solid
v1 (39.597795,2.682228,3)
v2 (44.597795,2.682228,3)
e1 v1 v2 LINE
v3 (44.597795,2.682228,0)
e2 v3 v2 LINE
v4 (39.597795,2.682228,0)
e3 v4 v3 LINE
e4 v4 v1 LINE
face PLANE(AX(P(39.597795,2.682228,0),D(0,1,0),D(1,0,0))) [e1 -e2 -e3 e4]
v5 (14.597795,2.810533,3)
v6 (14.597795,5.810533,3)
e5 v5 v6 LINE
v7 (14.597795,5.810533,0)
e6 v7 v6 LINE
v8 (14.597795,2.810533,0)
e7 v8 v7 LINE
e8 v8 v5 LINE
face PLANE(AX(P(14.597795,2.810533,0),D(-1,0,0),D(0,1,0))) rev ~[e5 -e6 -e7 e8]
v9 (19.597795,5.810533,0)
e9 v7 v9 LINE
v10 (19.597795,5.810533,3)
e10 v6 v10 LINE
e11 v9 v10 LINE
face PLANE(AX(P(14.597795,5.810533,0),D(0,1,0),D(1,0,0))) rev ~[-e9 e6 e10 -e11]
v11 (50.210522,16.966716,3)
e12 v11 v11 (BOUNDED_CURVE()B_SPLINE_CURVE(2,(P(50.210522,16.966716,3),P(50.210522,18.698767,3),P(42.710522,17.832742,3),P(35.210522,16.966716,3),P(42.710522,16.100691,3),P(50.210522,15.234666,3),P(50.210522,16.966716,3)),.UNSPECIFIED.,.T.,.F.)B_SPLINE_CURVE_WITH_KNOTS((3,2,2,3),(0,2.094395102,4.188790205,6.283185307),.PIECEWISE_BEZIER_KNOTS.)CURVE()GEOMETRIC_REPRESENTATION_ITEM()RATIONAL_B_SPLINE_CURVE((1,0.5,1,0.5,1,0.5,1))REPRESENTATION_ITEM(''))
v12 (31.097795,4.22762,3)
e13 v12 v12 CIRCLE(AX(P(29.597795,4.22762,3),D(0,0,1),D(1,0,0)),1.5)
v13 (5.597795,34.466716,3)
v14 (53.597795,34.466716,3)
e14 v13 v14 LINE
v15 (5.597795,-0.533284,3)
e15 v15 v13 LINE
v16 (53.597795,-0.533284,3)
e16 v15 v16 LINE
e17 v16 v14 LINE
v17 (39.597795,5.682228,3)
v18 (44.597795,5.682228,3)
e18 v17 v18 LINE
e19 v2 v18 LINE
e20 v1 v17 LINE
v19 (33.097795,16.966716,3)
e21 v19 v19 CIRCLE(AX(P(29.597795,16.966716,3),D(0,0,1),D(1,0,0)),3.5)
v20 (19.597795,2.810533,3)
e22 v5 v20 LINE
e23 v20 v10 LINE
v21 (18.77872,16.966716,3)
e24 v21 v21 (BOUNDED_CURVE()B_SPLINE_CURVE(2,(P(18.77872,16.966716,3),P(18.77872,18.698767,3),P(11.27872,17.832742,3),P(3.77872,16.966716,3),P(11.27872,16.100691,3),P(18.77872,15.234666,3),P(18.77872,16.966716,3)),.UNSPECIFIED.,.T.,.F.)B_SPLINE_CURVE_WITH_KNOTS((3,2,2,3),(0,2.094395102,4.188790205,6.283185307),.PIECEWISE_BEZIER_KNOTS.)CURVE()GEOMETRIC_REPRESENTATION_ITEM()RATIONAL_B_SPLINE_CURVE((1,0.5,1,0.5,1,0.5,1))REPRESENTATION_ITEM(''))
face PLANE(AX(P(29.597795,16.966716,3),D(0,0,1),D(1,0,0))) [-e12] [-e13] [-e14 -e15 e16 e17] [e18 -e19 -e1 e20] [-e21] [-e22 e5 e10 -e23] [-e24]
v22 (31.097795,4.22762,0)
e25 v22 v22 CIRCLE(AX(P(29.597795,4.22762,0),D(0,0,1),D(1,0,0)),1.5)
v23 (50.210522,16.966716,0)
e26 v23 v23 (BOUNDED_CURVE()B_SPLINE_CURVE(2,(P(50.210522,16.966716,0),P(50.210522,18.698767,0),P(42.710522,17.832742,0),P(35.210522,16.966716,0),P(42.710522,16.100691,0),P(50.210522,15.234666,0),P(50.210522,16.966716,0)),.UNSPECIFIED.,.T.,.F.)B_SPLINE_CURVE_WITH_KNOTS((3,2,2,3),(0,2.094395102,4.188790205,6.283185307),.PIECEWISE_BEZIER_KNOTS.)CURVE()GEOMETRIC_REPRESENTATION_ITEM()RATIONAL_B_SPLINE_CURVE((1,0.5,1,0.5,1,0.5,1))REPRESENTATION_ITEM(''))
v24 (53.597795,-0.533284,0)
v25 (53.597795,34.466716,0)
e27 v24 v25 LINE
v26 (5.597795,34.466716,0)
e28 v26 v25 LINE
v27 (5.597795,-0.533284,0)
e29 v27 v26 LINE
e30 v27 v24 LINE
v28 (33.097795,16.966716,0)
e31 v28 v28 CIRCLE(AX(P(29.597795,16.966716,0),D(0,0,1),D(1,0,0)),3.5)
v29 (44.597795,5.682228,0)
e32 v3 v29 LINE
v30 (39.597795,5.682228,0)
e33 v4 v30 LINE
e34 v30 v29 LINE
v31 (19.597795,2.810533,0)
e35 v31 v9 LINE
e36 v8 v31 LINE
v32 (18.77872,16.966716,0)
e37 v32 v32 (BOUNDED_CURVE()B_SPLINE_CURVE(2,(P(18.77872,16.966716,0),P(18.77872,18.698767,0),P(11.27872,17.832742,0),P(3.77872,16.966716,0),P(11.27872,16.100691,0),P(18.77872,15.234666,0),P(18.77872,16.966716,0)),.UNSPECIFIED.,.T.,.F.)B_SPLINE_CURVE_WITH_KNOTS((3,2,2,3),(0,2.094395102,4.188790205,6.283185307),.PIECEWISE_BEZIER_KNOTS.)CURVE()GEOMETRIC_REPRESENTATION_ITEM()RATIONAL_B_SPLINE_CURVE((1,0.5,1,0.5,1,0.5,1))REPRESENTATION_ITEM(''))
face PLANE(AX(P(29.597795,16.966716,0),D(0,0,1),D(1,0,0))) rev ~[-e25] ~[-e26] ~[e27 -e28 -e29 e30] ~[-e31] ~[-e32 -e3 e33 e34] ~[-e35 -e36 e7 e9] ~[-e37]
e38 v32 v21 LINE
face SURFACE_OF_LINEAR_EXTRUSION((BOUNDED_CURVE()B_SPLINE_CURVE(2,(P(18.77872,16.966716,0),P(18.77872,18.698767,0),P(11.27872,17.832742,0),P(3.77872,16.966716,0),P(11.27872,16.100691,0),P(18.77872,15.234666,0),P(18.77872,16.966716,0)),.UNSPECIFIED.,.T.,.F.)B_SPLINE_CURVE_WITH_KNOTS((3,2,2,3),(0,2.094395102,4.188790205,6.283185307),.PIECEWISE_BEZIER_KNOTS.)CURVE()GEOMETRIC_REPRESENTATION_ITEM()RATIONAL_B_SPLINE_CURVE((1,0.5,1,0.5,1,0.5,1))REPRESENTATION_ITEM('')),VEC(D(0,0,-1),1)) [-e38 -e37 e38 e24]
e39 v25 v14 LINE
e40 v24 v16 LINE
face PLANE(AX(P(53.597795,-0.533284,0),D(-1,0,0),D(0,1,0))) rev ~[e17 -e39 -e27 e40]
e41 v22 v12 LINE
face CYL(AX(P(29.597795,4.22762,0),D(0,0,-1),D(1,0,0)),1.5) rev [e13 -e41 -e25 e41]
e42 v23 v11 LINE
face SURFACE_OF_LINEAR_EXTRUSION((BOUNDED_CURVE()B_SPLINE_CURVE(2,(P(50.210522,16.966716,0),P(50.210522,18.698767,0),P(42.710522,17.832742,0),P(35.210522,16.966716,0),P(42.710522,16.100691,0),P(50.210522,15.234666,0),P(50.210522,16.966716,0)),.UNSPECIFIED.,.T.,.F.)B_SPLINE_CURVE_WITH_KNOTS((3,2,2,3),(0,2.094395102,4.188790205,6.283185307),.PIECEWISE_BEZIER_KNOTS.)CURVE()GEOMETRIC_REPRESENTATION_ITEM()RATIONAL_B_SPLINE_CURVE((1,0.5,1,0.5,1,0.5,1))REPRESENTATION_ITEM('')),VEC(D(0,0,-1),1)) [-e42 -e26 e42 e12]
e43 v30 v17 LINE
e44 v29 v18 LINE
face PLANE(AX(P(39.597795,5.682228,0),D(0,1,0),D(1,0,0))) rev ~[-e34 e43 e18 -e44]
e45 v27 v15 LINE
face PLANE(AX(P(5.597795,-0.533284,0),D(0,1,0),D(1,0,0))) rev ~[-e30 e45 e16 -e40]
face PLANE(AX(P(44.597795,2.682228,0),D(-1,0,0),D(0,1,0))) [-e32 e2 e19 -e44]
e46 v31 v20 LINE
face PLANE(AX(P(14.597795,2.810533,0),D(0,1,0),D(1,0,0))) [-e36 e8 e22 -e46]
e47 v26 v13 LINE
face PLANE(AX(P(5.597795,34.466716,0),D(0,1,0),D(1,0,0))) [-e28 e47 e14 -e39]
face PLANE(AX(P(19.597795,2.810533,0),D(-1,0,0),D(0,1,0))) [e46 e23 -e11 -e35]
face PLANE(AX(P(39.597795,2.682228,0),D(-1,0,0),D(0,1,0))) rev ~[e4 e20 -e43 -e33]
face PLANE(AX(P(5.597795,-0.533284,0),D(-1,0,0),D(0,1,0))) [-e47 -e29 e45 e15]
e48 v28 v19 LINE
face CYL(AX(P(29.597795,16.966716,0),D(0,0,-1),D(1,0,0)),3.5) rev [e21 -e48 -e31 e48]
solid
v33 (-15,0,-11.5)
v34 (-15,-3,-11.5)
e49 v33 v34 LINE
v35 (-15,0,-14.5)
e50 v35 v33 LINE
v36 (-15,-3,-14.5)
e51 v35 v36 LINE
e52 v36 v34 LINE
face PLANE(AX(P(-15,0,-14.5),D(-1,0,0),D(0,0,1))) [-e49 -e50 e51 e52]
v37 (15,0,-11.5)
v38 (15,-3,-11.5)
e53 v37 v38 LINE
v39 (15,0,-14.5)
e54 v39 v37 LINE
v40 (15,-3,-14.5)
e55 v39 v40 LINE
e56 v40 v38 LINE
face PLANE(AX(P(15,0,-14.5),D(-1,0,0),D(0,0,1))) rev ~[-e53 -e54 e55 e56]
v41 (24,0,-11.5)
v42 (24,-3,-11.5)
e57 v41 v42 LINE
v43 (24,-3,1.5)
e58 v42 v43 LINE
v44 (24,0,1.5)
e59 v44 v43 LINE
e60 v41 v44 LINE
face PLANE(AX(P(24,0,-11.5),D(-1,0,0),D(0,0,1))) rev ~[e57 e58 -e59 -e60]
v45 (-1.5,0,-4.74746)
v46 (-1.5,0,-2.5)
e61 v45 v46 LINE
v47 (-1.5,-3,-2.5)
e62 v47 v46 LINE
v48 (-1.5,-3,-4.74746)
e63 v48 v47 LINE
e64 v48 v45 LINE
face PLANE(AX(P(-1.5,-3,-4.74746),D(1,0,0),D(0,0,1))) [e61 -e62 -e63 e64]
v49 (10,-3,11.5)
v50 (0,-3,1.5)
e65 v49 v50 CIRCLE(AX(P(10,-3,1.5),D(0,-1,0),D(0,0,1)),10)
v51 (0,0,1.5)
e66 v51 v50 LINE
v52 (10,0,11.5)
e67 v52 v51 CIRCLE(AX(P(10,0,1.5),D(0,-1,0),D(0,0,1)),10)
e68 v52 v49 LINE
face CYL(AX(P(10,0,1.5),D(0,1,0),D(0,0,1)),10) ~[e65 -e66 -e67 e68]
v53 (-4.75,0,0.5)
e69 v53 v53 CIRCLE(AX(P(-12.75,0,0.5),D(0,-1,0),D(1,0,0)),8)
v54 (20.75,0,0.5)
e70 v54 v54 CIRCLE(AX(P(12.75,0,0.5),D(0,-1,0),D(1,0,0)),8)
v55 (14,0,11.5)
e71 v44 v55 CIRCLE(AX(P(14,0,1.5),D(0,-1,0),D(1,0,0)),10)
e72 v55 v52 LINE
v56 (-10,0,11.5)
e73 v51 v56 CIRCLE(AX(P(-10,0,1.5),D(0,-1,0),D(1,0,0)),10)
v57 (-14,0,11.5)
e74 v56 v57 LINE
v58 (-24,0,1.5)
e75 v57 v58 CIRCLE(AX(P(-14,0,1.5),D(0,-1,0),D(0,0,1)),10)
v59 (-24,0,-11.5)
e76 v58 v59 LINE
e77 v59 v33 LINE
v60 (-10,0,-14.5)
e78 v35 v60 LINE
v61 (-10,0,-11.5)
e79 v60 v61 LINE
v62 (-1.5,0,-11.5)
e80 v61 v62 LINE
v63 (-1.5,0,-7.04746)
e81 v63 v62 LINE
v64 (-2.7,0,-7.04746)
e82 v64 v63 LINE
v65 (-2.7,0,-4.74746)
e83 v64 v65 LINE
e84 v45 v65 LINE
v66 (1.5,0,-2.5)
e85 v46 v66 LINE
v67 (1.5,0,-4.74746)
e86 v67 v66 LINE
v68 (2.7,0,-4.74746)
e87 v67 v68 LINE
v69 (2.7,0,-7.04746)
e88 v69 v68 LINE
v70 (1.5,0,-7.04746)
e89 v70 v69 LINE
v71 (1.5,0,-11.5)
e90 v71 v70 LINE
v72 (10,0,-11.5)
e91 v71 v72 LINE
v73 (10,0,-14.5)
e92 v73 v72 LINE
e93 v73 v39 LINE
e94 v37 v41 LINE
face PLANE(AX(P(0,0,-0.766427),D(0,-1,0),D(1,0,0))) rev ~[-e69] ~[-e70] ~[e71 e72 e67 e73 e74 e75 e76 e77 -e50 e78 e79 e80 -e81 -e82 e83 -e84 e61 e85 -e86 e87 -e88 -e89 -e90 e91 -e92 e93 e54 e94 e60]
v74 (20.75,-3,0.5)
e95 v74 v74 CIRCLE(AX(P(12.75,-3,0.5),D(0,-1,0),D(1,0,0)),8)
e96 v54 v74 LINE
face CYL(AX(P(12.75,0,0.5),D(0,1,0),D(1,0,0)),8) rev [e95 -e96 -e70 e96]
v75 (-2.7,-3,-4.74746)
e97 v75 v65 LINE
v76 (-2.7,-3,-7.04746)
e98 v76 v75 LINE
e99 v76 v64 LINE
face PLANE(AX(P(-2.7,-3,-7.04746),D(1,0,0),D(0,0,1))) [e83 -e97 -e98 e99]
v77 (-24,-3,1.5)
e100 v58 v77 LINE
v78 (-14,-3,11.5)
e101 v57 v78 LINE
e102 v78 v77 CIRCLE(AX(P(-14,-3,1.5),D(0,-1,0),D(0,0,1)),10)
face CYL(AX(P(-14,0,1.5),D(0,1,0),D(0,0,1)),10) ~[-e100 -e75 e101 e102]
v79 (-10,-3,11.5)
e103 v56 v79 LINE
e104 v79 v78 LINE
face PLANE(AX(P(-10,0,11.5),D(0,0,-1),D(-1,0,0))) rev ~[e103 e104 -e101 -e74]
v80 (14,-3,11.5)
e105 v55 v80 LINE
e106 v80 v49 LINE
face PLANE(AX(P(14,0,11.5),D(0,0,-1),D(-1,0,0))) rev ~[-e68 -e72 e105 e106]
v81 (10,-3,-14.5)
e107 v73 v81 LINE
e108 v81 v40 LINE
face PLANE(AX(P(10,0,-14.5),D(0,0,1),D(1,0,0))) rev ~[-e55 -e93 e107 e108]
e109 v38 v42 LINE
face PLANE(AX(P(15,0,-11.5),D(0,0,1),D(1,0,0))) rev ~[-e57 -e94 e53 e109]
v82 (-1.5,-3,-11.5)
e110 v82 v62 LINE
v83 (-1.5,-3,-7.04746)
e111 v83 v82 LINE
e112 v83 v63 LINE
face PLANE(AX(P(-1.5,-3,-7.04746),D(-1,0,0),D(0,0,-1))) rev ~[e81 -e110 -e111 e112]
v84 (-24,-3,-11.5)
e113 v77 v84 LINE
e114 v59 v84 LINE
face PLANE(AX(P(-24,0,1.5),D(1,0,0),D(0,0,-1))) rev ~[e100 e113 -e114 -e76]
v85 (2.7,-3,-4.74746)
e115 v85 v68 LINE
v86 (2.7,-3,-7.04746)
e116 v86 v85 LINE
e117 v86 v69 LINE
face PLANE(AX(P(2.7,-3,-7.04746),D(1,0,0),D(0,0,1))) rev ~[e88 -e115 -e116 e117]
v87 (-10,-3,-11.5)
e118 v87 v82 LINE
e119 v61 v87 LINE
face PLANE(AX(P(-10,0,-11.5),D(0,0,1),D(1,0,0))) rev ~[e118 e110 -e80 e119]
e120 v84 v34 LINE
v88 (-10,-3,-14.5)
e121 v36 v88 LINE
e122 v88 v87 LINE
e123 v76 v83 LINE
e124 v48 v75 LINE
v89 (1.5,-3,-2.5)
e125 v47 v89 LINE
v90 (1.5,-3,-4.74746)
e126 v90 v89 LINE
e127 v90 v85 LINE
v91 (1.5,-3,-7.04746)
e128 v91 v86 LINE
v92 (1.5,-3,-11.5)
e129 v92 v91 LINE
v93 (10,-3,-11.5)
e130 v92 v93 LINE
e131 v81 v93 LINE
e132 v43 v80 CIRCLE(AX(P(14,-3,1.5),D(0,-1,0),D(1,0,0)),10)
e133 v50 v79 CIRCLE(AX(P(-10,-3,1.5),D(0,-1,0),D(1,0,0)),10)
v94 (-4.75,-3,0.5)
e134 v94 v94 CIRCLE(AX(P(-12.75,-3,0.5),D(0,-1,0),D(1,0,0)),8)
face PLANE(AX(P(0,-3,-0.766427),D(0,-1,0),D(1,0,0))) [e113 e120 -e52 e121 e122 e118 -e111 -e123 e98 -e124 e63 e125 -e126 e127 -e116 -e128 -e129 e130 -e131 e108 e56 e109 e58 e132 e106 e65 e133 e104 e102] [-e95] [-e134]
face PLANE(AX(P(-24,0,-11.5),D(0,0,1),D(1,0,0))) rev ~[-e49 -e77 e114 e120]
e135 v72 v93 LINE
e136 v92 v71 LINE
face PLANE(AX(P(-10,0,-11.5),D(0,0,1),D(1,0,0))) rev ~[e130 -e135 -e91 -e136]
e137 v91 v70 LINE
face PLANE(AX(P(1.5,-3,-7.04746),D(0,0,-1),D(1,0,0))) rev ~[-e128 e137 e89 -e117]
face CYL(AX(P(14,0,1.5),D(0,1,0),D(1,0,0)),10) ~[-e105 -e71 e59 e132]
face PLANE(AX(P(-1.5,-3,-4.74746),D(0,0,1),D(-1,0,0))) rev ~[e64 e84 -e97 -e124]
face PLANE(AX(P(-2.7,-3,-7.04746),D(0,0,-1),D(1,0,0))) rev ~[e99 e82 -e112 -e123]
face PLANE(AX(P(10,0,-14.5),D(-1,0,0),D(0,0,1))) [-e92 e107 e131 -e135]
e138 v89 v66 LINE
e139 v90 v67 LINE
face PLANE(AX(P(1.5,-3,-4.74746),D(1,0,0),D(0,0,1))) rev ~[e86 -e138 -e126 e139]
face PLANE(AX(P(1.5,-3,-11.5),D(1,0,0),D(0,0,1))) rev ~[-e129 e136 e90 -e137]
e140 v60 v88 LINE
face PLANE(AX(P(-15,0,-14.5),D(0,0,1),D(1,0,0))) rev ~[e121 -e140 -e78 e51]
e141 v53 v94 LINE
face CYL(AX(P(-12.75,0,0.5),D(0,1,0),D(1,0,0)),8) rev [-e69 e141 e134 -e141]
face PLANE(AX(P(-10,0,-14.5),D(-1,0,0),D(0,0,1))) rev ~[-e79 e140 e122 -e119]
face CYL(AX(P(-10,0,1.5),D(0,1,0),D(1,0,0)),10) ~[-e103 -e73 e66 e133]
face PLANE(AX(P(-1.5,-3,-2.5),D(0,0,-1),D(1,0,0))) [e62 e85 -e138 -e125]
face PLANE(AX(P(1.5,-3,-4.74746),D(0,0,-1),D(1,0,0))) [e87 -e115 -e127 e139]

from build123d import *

# Parameters (mm, degrees)
F1_W     = 48
F1_H     = 35
F1_W_2   = 5
F1_H_2   = 3
F1_R     = 1.5
F1_R_2   = 3.5
F2_DEPTH = 3
F0_R     = 8
F0_W     = 5
F0_H     = 3
F3_DEPTH = 3
F4_W     = 3
F4_H     = 4.4525395855
F4_H_2   = 2.3
F4_W_2   = 1.2
F4_H_3   = 2.2474604145
F5_DEPTH = 25


with BuildPart() as f2:
    # F1 (on Top) → F2 (new body)
    with BuildSketch(Plane.XY):
        with Locations((29.5977953598, 16.9667163237)):
            Rectangle(F1_W, F1_H)
        with Locations((17.0977953598, 4.3105331585)):
            Rectangle(F1_W_2, F1_H_2, mode=Mode.SUBTRACT)
        with Locations((29.5977953598, 4.2276201937)):
            Circle(F1_R, mode=Mode.SUBTRACT)
        with BuildLine():
            add(Edge.make_bspline(
                [(18.7787204309, 16.9667163237), (18.7787204309, 18.6987671312), (11.2787204309, 17.8327417275), (3.7787204309, 16.9667163237), (11.2787204309, 16.1006909199), (18.7787204309, 15.2346655161), (18.7787204309, 16.9667163237)],
                knots=[0, 0, 0, 2.0943951024, 2.0943951024, 4.1887902048, 4.1887902048, 6.2831853072, 6.2831853072, 6.2831853072], degree=2, weights=[1, 0.5, 1, 0.5, 1, 0.5, 1]))
        make_face(mode=Mode.SUBTRACT)
        with Locations((42.0977953598, 4.1822276413)):
            Rectangle(F1_W_2, F1_H_2, mode=Mode.SUBTRACT)
        with Locations((29.5977953598, 16.9667163237)):
            Circle(F1_R_2, mode=Mode.SUBTRACT)
        with BuildLine():
            add(Edge.make_bspline(
                [(50.2105216682, 16.9667163237), (50.2105216682, 18.6987671312), (42.7105216682, 17.8327417275), (35.2105216682, 16.9667163237), (42.7105216682, 16.1006909199), (50.2105216682, 15.2346655161), (50.2105216682, 16.9667163237)],
                knots=[0, 0, 0, 2.0943951024, 2.0943951024, 4.1887902048, 4.1887902048, 6.2831853072, 6.2831853072, 6.2831853072], degree=2, weights=[1, 0.5, 1, 0.5, 1, 0.5, 1]))
        make_face(mode=Mode.SUBTRACT)
    extrude(amount=F2_DEPTH)


with BuildPart() as f3:
    # F0 (on Front) → F3 (new body)
    with BuildSketch(Plane.XZ):
        with BuildLine():
            Line((-10, 11.5), (-14, 11.5))
            ThreePointArc((-14, 11.5), (-21.0710678119, 8.5710678119), (-24, 1.5))
            Line((-24, 1.5), (-24, -11.5))
            Line((-24, -11.5), (-15, -11.5))
            Line((-15, -11.5), (-10, -11.5))
            Line((-10, -11.5), (10, -11.5))
            Line((10, -11.5), (15, -11.5))
            Line((15, -11.5), (24, -11.5))
            Line((24, -11.5), (24, 1.5))
            ThreePointArc((24, 1.5), (21.0710678119, 8.5710678119), (14, 11.5))
            Line((14, 11.5), (10, 11.5))
            ThreePointArc((10, 11.5), (2.9289321881, 8.5710678119), (0, 1.5))
            ThreePointArc((0, 1.5), (-2.9289321881, 8.5710678119), (-10, 11.5))
        make_face()
        with Locations((-12.75, 0.5)):
            Circle(F0_R, mode=Mode.SUBTRACT)
        with Locations((12.75, 0.5)):
            Circle(F0_R, mode=Mode.SUBTRACT)
        with Locations((-12.5, -13)):
            Rectangle(F0_W, F0_H)
        with Locations((12.5, -13)):
            Rectangle(F0_W, F0_H)
    extrude(amount=F3_DEPTH)

    # F4 (on face) → F5 (cut)
    with BuildSketch(Plane.XZ.offset(3)):
        with Locations((0, -9.2737302072)):
            Rectangle(F4_W, F4_H)
        with Locations((0, -5.8974604145)):
            Rectangle(F4_W, F4_H_2)
        with Locations((-2.1, -5.8974604145)):
            Rectangle(F4_W_2, F4_H_2)
        with Locations((0, -3.6237302072)):
            Rectangle(F4_W, F4_H_3)
        with Locations((2.1, -5.8974604145)):
            Rectangle(F4_W_2, F4_H_2)
    extrude(amount=-F5_DEPTH, mode=Mode.SUBTRACT)


solid = Compound([f2.part, f3.part])
